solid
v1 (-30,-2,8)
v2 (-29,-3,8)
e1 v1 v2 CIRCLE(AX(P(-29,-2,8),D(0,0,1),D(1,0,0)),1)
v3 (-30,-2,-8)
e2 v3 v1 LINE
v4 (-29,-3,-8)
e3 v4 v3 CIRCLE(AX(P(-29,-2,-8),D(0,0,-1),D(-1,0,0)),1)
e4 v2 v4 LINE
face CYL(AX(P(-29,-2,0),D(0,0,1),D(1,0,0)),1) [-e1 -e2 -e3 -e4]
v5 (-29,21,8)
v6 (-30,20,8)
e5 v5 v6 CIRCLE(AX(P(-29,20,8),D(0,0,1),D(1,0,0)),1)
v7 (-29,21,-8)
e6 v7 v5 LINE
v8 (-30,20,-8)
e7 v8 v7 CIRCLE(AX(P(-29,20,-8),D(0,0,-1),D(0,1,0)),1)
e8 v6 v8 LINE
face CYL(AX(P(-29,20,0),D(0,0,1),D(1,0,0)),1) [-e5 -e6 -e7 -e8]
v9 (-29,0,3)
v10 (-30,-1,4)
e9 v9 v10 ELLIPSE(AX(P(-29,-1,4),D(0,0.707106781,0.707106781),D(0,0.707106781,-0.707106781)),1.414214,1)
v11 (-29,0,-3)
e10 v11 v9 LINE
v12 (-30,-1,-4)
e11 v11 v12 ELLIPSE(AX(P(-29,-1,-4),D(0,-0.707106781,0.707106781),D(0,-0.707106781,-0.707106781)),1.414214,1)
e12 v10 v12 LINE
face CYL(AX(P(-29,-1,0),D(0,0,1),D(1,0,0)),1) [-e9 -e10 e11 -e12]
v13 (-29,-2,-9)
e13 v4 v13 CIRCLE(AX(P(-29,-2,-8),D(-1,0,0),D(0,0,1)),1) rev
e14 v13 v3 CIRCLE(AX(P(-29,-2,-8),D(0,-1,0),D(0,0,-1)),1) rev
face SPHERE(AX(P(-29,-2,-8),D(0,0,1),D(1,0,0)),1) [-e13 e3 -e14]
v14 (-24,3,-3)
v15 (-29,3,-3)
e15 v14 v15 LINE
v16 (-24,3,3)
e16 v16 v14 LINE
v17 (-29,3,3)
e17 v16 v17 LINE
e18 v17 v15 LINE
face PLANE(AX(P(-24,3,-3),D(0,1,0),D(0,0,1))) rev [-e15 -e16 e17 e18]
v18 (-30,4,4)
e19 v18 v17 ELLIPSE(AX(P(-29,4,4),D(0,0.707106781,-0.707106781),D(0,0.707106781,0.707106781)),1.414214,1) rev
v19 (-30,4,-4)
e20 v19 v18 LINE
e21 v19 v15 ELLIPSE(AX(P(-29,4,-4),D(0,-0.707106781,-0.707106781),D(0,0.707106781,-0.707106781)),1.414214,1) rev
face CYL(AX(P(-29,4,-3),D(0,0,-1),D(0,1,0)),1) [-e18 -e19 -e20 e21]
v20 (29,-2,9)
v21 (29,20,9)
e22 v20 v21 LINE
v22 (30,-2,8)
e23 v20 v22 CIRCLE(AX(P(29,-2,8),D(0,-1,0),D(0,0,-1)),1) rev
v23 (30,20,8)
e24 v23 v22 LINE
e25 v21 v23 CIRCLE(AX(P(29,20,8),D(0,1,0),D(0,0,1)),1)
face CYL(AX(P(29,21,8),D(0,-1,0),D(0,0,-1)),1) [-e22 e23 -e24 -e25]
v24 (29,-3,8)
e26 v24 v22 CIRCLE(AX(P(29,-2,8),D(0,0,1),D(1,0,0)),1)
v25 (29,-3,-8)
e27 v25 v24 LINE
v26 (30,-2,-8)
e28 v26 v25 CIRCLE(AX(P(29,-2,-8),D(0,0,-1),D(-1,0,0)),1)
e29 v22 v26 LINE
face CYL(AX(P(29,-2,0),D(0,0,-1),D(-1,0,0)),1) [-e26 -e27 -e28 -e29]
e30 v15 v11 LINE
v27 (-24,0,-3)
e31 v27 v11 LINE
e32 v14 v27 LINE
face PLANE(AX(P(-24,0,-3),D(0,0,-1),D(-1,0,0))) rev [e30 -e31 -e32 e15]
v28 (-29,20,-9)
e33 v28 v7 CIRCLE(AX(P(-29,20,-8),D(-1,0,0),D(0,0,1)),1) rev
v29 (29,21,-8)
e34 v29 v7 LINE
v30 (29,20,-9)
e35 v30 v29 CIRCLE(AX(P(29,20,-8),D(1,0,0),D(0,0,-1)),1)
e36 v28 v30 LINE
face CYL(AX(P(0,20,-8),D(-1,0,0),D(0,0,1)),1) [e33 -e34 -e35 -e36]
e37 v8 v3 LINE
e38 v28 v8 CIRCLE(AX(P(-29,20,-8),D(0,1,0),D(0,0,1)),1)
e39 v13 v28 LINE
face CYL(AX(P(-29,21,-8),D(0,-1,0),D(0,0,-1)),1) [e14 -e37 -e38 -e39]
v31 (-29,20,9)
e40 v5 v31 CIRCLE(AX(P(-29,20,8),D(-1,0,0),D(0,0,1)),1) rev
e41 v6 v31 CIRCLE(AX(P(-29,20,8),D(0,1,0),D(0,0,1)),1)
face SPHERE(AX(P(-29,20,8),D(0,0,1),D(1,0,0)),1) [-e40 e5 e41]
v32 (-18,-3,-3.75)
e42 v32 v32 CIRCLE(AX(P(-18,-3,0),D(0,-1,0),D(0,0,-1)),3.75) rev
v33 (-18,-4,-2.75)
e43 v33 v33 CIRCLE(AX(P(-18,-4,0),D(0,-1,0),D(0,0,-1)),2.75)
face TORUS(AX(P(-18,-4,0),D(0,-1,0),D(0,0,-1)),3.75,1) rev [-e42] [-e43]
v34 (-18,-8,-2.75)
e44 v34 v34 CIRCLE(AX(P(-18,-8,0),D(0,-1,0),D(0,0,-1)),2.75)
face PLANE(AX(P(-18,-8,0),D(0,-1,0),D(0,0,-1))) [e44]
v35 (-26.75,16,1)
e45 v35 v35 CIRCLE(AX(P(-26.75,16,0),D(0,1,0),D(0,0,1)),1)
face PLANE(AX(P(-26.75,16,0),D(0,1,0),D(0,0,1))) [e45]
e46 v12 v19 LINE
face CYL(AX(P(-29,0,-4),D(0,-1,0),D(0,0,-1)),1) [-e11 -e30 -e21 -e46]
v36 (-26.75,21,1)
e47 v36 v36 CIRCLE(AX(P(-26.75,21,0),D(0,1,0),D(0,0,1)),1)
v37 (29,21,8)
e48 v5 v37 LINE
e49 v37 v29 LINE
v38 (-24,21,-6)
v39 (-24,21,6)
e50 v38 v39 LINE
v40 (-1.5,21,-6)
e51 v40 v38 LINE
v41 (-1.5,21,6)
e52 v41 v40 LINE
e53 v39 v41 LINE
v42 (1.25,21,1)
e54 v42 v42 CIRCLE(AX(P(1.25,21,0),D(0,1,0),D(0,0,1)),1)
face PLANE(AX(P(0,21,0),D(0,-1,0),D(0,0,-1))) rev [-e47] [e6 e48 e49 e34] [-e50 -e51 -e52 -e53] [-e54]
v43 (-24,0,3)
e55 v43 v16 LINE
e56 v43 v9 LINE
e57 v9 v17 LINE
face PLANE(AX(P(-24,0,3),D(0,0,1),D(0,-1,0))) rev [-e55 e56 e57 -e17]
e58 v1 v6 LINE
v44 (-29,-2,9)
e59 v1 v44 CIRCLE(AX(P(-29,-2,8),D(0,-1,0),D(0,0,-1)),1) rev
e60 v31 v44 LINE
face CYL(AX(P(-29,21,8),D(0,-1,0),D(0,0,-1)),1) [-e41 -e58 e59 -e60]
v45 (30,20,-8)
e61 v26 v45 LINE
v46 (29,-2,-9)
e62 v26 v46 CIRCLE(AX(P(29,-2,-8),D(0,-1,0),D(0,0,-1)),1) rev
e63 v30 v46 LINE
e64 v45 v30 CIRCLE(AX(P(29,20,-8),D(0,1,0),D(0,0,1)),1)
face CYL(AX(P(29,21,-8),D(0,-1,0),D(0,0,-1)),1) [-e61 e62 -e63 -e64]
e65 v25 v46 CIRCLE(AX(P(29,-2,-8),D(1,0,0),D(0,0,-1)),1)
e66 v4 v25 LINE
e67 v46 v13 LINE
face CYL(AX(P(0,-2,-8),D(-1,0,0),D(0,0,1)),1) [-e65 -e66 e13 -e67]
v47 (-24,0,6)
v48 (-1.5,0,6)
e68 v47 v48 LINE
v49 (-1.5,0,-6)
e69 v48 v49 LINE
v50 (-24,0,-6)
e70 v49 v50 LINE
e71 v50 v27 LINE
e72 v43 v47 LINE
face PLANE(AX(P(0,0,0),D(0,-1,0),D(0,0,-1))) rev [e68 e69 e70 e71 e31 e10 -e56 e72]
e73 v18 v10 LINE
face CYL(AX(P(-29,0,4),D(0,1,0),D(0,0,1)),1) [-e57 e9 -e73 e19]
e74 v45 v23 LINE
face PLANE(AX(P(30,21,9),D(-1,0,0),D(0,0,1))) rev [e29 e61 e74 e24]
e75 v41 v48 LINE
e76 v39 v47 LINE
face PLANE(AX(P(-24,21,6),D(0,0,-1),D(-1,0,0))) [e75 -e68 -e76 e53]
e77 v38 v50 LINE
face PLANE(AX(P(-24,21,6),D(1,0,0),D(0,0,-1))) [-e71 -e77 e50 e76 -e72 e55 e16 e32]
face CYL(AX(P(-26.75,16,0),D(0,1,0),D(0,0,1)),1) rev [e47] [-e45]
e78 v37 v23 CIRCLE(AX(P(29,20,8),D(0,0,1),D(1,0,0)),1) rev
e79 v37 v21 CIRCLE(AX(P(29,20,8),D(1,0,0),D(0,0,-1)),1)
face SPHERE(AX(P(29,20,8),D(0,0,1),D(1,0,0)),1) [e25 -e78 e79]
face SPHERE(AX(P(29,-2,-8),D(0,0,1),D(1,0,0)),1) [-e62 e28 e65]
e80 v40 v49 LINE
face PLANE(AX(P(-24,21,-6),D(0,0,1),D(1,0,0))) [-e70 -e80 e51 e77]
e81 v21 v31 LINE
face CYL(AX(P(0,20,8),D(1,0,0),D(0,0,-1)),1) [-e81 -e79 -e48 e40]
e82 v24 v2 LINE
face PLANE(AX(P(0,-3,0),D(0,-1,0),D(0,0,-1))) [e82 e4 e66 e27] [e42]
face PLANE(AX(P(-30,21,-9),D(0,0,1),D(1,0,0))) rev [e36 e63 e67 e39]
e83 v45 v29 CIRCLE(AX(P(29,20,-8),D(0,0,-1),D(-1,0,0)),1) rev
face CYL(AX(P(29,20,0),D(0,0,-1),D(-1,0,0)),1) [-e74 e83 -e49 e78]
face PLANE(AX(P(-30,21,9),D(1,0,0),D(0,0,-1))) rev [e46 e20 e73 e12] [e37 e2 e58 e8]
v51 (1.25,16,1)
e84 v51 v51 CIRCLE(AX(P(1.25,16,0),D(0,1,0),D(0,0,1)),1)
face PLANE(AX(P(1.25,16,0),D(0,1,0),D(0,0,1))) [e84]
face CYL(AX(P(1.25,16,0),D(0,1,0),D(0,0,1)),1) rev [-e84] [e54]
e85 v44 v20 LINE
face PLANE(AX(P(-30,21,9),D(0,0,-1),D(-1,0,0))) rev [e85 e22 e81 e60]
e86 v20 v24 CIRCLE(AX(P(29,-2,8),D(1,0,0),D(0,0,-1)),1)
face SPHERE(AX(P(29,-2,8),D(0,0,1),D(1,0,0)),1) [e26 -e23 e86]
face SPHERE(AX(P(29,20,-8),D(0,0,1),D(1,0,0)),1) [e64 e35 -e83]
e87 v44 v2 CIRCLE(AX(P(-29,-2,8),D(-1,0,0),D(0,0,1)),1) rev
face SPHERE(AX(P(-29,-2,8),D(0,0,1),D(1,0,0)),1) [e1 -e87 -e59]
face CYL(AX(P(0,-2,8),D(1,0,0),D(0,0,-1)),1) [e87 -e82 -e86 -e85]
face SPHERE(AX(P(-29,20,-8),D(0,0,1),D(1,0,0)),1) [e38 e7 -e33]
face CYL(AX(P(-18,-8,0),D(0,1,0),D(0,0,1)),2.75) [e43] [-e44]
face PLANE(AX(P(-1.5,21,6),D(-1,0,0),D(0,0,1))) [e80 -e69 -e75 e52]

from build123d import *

# Parameters (mm, degrees)
SKETCH_1_W          = 60
SKETCH_1_H          = 18
SKETCH_1_W_2        = 22.5
SKETCH_1_H_2        = 12
EXTRUDE_1_DEPTH     = 21
SKETCH_2_W          = 60
SKETCH_2_H          = 18
EXTRUDE_2_DEPTH     = 3
SKETCH_3_W          = 6
SKETCH_3_H          = 3
CUT_EXTRUDE_1_DEPTH = 6
SKETCH_4_R          = 2.75
EXTRUDE_3_DEPTH     = 5
SKETCH_6_R          = 1
CUT_EXTRUDE_2_DEPTH = 5
FILLET_1_R          = 1


with BuildPart() as part:
    # 草图1 → 凸台-拉伸1 (new body)
    with BuildSketch(Plane(origin=(0, 0, 0), x_dir=(1, 0, 0), z_dir=(0, 1, 0))):
        Rectangle(SKETCH_1_W, SKETCH_1_H)
        with Locations((-12.75, 0)):
            Rectangle(SKETCH_1_W_2, SKETCH_1_H_2, mode=Mode.SUBTRACT)
    extrude(amount=EXTRUDE_1_DEPTH)

    # 草图2 → 凸台-拉伸2 (add)
    with BuildSketch(Plane.XZ):
        Rectangle(SKETCH_2_W, SKETCH_2_H)
    extrude(amount=EXTRUDE_2_DEPTH)

    # 草图3 → 切除-拉伸1 (cut)
    with BuildSketch(Plane.ZY.offset(30)):
        with Locations((0, 1.5)):
            Rectangle(SKETCH_3_W, SKETCH_3_H)
    extrude(amount=-CUT_EXTRUDE_1_DEPTH, mode=Mode.SUBTRACT)

    # 草图4 → 凸台-拉伸3 (add)
    with BuildSketch(Plane.XZ.offset(3)):
        with Locations(Location((-18, 0, 0), (0, 0, 270))):
            Circle(SKETCH_4_R)
    extrude(amount=EXTRUDE_3_DEPTH)

    # 草图6 → 切除-拉伸2 (cut)
    with BuildSketch(Plane(origin=(0, 21, 0), x_dir=(1, 0, 0), z_dir=(0, 1, 0))):
        with Locations(Location((-26.75, 0, 0), (0, 0, 270))):
            Circle(SKETCH_6_R)
        with Locations(Location((1.25, 0, 0), (0, 0, 270))):
            Circle(SKETCH_6_R)
    extrude(amount=-CUT_EXTRUDE_2_DEPTH, mode=Mode.SUBTRACT)

    # 圆角1
    fillet_1_edges = [part.edges().sort_by_distance(p)[0] for p in [
        (-30, 21, 0),
        (0, 21, 9),
        (-30, -3, 0),
        (0, -3, -9),
        (30, -3, 0),
        (0, -3, 9),
        (30, 21, 0),
        (-30, 1.5, -3),
        (-30, 0, 0),
        (-30, 1.5, 3),
        (-30, 3, 0),
        (-18, -3, 2.75),
        (0, 21, -9),
        (30, 9, 9),
        (-30, 9, 9),
        (-30, 9, -9),
        (30, 9, -9),
    ]]
    fillet(fillet_1_edges, radius=FILLET_1_R)


solid = part.part
